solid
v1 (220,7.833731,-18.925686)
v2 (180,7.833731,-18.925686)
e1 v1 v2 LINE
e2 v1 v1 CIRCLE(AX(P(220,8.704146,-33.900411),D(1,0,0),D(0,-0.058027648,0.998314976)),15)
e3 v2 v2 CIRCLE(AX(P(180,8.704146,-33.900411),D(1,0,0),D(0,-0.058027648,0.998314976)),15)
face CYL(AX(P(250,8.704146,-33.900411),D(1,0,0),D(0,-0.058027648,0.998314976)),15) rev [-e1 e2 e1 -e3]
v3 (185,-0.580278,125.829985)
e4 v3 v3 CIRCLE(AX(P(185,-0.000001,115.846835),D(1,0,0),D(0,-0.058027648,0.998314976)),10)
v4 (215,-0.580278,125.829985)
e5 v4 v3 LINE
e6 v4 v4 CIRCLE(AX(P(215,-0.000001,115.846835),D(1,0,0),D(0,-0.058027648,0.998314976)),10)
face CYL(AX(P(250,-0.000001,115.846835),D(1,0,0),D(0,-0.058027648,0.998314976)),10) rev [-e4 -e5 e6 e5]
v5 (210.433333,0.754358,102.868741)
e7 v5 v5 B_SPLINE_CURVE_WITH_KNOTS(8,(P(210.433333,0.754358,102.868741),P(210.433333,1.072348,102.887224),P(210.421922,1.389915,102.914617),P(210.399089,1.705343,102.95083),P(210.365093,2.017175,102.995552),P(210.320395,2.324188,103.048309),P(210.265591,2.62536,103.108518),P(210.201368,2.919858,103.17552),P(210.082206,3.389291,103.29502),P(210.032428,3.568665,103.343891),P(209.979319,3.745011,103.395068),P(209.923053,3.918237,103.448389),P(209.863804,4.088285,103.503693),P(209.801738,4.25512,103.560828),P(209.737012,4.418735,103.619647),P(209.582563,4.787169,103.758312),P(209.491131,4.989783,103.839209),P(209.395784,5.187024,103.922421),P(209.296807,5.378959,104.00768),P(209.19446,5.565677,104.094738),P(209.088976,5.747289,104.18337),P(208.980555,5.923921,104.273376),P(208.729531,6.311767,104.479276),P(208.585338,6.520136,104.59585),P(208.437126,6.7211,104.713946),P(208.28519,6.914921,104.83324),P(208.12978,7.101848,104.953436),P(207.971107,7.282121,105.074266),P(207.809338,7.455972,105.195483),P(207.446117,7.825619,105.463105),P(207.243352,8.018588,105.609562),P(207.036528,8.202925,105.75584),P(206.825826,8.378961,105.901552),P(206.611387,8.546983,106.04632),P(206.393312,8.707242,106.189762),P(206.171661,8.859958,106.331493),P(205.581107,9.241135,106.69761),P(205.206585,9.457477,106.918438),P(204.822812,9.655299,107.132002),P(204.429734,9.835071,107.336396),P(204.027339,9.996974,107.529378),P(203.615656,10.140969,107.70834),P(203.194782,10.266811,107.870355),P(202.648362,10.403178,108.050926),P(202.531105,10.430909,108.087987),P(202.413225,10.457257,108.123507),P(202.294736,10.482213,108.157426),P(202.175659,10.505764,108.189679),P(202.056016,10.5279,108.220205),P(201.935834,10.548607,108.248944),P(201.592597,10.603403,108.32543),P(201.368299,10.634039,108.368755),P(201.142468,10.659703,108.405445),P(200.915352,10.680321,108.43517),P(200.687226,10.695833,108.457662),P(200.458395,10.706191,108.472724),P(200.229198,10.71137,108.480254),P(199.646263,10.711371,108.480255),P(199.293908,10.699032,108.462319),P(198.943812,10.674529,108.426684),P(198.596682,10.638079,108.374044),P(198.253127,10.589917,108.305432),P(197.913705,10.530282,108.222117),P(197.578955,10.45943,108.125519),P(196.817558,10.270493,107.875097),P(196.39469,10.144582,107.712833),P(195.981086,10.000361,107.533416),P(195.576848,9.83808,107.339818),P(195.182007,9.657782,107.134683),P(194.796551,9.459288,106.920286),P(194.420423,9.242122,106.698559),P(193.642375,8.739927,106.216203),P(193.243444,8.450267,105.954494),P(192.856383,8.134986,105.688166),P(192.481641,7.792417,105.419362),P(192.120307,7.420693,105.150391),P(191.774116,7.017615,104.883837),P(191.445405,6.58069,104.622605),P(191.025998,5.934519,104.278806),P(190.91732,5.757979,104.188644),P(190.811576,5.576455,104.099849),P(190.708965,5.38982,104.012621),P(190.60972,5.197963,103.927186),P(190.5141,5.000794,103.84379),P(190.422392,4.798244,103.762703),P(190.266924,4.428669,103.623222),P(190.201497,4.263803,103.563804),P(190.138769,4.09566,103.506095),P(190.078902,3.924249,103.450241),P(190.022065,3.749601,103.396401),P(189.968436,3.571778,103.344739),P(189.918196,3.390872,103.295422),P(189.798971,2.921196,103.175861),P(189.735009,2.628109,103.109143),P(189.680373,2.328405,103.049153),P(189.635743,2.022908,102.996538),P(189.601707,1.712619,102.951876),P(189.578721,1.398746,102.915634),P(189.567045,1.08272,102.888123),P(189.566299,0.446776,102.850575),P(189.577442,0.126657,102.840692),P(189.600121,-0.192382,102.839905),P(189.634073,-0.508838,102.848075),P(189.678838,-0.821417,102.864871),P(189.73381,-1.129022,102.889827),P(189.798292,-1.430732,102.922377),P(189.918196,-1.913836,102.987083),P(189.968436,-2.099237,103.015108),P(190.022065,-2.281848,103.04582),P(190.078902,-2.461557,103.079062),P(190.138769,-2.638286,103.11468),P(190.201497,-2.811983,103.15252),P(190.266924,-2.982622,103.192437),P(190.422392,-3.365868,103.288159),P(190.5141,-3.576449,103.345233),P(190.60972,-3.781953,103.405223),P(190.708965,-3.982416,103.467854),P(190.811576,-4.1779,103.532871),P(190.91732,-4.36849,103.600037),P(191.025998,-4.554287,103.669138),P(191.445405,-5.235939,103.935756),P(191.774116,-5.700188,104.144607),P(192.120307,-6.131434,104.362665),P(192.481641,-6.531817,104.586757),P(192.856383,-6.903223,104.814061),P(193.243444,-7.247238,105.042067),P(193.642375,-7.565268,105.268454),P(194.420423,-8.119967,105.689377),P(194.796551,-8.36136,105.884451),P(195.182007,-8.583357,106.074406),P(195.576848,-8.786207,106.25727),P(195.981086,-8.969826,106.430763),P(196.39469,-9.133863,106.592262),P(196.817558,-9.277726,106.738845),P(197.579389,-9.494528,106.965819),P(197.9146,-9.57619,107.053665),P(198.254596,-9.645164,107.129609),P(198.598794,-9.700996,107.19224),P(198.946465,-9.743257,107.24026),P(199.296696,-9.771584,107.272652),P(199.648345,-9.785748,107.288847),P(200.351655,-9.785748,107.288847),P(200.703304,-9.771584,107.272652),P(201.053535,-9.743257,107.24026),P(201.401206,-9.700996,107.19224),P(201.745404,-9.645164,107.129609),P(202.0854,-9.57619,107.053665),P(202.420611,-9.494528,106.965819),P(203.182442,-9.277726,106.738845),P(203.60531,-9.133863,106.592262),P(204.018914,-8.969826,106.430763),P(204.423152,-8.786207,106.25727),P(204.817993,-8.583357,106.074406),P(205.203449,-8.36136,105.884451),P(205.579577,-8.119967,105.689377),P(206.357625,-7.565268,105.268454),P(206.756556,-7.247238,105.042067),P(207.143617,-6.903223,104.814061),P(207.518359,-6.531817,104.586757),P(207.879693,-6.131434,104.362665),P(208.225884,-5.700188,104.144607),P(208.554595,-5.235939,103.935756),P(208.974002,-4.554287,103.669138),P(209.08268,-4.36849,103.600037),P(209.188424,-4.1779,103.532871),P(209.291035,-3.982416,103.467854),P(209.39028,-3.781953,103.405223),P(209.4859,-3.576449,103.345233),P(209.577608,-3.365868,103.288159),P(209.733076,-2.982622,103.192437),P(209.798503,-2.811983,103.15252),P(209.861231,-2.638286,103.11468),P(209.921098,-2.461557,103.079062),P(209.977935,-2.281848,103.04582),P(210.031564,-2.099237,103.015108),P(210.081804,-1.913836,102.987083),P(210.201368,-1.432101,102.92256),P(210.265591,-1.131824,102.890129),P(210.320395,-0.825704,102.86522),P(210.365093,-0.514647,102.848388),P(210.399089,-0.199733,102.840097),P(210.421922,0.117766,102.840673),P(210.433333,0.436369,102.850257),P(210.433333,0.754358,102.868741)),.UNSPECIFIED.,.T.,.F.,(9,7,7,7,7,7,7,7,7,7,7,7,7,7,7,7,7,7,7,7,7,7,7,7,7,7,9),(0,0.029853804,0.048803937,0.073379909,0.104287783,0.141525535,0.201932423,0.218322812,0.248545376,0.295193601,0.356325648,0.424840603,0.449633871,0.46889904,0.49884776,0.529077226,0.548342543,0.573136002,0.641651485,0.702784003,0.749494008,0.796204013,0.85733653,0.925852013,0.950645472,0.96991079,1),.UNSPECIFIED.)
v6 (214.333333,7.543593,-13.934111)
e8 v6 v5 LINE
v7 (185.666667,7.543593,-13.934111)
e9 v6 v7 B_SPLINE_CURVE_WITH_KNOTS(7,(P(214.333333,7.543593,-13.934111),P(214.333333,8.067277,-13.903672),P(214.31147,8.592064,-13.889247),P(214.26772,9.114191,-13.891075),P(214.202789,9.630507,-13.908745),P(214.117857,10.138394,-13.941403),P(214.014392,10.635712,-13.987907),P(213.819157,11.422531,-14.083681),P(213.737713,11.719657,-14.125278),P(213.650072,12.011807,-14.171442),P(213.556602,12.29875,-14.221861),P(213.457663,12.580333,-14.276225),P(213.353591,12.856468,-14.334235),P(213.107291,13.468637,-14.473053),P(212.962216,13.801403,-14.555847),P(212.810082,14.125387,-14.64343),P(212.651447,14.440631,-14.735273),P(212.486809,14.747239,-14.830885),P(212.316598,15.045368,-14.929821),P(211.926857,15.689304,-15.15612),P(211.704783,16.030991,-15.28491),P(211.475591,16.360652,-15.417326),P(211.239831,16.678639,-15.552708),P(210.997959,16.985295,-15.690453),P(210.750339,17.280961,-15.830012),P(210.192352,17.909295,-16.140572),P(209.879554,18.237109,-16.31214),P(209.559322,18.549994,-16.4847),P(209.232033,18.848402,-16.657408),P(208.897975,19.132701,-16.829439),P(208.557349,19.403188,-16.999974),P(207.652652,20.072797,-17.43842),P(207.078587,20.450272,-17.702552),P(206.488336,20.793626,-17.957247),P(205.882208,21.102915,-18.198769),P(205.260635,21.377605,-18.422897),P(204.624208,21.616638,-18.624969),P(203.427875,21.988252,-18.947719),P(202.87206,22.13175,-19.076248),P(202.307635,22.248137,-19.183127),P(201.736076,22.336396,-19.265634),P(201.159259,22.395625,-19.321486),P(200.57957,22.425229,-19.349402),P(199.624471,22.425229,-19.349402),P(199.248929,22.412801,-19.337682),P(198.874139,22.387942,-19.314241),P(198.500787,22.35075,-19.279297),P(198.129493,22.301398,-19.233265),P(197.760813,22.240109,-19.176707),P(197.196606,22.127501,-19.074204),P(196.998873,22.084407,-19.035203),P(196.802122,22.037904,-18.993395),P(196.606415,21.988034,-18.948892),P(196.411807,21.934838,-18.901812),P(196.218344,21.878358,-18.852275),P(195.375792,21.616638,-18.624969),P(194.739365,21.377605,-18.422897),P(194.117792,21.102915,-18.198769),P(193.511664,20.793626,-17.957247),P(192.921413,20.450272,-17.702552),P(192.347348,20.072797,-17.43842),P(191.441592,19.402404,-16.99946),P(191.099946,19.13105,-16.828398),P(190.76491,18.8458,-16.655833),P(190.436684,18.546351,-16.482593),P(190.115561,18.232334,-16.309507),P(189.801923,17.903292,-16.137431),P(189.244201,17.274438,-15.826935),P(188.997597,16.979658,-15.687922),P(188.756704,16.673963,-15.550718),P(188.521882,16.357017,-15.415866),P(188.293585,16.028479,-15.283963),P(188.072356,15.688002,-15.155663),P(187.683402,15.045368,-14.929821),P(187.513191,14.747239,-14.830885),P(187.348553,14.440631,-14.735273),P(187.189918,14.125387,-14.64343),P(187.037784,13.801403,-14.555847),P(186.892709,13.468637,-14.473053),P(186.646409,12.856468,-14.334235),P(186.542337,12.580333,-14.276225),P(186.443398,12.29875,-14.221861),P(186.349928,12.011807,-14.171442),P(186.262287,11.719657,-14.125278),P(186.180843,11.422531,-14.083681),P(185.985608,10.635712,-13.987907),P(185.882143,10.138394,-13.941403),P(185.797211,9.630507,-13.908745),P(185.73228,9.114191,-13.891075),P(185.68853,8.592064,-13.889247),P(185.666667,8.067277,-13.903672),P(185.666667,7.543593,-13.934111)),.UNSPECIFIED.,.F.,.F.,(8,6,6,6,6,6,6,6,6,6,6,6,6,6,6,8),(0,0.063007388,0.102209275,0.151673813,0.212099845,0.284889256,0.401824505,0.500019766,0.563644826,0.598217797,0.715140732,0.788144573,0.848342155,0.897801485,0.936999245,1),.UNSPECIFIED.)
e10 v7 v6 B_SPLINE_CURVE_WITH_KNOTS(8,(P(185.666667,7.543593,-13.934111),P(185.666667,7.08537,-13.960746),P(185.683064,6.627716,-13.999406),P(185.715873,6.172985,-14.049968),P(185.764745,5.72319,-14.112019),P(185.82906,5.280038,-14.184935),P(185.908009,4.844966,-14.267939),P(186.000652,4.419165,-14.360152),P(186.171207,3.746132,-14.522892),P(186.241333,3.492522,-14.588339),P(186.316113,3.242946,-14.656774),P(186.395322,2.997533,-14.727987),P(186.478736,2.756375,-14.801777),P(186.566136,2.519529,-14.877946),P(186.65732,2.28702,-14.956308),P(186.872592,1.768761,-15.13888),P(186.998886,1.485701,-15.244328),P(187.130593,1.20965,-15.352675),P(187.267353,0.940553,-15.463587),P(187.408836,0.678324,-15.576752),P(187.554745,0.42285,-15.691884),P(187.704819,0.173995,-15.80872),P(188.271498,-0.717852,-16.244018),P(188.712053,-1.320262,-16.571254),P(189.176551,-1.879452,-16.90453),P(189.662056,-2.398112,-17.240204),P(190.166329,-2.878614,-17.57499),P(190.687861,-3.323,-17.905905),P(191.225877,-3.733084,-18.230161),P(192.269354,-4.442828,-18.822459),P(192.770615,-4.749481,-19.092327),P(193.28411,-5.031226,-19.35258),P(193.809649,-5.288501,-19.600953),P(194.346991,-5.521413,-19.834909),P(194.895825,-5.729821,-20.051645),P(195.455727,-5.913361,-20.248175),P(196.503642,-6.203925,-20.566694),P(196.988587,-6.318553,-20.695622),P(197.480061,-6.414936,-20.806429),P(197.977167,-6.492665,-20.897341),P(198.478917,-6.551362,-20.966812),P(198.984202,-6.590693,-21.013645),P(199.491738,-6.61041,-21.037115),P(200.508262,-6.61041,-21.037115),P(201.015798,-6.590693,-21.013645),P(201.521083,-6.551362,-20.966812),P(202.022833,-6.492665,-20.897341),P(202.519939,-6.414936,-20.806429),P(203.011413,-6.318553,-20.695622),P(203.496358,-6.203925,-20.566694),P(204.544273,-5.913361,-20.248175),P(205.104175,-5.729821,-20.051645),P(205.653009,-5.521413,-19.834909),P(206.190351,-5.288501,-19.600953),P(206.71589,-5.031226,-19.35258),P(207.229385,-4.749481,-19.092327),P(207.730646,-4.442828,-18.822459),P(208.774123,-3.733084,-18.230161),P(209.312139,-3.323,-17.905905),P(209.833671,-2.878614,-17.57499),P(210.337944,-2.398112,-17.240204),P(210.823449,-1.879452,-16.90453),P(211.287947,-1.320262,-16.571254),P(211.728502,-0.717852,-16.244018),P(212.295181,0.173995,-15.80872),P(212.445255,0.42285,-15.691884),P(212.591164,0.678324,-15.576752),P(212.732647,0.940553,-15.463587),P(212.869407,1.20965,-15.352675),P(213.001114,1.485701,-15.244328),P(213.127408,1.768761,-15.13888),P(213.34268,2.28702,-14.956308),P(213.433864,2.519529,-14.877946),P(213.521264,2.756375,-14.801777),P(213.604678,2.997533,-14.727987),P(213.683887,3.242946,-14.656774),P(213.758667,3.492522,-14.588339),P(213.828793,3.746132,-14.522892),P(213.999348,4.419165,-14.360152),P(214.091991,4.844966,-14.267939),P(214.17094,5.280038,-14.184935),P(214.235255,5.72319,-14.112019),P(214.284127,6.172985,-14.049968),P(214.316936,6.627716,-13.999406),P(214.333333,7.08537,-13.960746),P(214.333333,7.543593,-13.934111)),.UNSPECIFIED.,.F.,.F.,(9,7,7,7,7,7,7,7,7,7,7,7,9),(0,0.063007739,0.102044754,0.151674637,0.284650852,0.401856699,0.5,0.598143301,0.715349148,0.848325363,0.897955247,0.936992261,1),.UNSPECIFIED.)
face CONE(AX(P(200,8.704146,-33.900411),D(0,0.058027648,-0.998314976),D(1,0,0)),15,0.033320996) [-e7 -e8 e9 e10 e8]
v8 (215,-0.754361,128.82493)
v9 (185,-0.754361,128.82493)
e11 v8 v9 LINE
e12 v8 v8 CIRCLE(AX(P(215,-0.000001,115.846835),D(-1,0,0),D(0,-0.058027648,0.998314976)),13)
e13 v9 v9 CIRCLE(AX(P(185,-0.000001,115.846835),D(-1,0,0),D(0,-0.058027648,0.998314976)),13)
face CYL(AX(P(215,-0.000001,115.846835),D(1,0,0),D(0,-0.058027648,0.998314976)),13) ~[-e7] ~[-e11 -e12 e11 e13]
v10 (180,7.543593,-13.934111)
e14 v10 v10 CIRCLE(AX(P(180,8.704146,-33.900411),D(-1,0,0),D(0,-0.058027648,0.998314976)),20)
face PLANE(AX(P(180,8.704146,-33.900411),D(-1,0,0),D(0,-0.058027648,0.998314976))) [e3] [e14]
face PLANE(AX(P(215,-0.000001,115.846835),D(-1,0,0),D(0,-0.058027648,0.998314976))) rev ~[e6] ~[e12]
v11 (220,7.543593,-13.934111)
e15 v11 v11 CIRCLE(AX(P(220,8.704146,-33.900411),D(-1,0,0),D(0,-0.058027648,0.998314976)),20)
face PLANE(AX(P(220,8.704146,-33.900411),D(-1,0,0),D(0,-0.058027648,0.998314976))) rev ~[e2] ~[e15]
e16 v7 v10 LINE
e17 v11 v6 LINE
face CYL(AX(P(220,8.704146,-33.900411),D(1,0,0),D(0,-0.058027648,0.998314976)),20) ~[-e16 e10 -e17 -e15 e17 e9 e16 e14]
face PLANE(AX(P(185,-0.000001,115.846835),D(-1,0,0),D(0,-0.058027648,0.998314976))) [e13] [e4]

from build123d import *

# Parameters (mm, degrees)
CYLINDER027_R          = 10
CYLINDER027_DEPTH      = 100
CYLINDER028_R          = 15
CYLINDER028_DEPTH      = 100
CYLINDER026_R          = 13
CYLINDER026_DEPTH      = 30
CYLINDER025_R          = 20
CYLINDER025_DEPTH      = 40
CUT015_PLACEMENT_ANGLE = 3.326608


with BuildPart() as cylinder027:
    # Cylinder027 → Cylinder027 (new body)
    with BuildSketch(Plane(origin=(50, 0, 150), x_dir=(0, 0, 1), z_dir=(-1, 0, 0))):
        Circle(CYLINDER027_R)
    extrude(amount=CYLINDER027_DEPTH)


with BuildPart() as compound010:
    # Cylinder028 → Cylinder028 (new body)
    with BuildSketch(Plane.ZY.offset(-50)):
        Circle(CYLINDER028_R)
    extrude(amount=CYLINDER028_DEPTH)

    # Compound010: union Cylinder027
    add(cylinder027.part)


with BuildPart() as cone005:
    # Cone001004 → Cone001004 (revolve)
    with BuildSketch(Plane.XZ):
        Polygon((0, 0), (15, 0), (10, 150), (0, 150), align=None)
    revolve(axis=Axis((0, 0, 0), (0, 0, 1)))


with BuildPart() as cylinder026:
    # Cylinder026 → Cylinder026 (new body)
    with BuildSketch(Plane(origin=(15, 0, 150), x_dir=(0, 0, 1), z_dir=(-1, 0, 0))):
        Circle(CYLINDER026_R)
    extrude(amount=CYLINDER026_DEPTH)


with BuildPart() as crank002:
    # Cylinder025 → Cylinder025 (new body)
    with BuildSketch(Plane.ZY.offset(-20)):
        Circle(CYLINDER025_R)
    extrude(amount=CYLINDER025_DEPTH)

    # Fusion003002003004006: union Cone005, Cylinder026
    add(cone005.part)
    add(cylinder026.part)

    # Cut015: cut Compound010
    add(compound010.part, mode=Mode.SUBTRACT)


with BuildPart() as crank002_1:
    # Cut015 placement: moved
    add(crank002.part.moved(Location((200, 8.704146, -33.900411))).rotate(Axis((200, 8.704146, -33.900411), (1, 0, 0)), CUT015_PLACEMENT_ANGLE))


solid = crank002_1.part
